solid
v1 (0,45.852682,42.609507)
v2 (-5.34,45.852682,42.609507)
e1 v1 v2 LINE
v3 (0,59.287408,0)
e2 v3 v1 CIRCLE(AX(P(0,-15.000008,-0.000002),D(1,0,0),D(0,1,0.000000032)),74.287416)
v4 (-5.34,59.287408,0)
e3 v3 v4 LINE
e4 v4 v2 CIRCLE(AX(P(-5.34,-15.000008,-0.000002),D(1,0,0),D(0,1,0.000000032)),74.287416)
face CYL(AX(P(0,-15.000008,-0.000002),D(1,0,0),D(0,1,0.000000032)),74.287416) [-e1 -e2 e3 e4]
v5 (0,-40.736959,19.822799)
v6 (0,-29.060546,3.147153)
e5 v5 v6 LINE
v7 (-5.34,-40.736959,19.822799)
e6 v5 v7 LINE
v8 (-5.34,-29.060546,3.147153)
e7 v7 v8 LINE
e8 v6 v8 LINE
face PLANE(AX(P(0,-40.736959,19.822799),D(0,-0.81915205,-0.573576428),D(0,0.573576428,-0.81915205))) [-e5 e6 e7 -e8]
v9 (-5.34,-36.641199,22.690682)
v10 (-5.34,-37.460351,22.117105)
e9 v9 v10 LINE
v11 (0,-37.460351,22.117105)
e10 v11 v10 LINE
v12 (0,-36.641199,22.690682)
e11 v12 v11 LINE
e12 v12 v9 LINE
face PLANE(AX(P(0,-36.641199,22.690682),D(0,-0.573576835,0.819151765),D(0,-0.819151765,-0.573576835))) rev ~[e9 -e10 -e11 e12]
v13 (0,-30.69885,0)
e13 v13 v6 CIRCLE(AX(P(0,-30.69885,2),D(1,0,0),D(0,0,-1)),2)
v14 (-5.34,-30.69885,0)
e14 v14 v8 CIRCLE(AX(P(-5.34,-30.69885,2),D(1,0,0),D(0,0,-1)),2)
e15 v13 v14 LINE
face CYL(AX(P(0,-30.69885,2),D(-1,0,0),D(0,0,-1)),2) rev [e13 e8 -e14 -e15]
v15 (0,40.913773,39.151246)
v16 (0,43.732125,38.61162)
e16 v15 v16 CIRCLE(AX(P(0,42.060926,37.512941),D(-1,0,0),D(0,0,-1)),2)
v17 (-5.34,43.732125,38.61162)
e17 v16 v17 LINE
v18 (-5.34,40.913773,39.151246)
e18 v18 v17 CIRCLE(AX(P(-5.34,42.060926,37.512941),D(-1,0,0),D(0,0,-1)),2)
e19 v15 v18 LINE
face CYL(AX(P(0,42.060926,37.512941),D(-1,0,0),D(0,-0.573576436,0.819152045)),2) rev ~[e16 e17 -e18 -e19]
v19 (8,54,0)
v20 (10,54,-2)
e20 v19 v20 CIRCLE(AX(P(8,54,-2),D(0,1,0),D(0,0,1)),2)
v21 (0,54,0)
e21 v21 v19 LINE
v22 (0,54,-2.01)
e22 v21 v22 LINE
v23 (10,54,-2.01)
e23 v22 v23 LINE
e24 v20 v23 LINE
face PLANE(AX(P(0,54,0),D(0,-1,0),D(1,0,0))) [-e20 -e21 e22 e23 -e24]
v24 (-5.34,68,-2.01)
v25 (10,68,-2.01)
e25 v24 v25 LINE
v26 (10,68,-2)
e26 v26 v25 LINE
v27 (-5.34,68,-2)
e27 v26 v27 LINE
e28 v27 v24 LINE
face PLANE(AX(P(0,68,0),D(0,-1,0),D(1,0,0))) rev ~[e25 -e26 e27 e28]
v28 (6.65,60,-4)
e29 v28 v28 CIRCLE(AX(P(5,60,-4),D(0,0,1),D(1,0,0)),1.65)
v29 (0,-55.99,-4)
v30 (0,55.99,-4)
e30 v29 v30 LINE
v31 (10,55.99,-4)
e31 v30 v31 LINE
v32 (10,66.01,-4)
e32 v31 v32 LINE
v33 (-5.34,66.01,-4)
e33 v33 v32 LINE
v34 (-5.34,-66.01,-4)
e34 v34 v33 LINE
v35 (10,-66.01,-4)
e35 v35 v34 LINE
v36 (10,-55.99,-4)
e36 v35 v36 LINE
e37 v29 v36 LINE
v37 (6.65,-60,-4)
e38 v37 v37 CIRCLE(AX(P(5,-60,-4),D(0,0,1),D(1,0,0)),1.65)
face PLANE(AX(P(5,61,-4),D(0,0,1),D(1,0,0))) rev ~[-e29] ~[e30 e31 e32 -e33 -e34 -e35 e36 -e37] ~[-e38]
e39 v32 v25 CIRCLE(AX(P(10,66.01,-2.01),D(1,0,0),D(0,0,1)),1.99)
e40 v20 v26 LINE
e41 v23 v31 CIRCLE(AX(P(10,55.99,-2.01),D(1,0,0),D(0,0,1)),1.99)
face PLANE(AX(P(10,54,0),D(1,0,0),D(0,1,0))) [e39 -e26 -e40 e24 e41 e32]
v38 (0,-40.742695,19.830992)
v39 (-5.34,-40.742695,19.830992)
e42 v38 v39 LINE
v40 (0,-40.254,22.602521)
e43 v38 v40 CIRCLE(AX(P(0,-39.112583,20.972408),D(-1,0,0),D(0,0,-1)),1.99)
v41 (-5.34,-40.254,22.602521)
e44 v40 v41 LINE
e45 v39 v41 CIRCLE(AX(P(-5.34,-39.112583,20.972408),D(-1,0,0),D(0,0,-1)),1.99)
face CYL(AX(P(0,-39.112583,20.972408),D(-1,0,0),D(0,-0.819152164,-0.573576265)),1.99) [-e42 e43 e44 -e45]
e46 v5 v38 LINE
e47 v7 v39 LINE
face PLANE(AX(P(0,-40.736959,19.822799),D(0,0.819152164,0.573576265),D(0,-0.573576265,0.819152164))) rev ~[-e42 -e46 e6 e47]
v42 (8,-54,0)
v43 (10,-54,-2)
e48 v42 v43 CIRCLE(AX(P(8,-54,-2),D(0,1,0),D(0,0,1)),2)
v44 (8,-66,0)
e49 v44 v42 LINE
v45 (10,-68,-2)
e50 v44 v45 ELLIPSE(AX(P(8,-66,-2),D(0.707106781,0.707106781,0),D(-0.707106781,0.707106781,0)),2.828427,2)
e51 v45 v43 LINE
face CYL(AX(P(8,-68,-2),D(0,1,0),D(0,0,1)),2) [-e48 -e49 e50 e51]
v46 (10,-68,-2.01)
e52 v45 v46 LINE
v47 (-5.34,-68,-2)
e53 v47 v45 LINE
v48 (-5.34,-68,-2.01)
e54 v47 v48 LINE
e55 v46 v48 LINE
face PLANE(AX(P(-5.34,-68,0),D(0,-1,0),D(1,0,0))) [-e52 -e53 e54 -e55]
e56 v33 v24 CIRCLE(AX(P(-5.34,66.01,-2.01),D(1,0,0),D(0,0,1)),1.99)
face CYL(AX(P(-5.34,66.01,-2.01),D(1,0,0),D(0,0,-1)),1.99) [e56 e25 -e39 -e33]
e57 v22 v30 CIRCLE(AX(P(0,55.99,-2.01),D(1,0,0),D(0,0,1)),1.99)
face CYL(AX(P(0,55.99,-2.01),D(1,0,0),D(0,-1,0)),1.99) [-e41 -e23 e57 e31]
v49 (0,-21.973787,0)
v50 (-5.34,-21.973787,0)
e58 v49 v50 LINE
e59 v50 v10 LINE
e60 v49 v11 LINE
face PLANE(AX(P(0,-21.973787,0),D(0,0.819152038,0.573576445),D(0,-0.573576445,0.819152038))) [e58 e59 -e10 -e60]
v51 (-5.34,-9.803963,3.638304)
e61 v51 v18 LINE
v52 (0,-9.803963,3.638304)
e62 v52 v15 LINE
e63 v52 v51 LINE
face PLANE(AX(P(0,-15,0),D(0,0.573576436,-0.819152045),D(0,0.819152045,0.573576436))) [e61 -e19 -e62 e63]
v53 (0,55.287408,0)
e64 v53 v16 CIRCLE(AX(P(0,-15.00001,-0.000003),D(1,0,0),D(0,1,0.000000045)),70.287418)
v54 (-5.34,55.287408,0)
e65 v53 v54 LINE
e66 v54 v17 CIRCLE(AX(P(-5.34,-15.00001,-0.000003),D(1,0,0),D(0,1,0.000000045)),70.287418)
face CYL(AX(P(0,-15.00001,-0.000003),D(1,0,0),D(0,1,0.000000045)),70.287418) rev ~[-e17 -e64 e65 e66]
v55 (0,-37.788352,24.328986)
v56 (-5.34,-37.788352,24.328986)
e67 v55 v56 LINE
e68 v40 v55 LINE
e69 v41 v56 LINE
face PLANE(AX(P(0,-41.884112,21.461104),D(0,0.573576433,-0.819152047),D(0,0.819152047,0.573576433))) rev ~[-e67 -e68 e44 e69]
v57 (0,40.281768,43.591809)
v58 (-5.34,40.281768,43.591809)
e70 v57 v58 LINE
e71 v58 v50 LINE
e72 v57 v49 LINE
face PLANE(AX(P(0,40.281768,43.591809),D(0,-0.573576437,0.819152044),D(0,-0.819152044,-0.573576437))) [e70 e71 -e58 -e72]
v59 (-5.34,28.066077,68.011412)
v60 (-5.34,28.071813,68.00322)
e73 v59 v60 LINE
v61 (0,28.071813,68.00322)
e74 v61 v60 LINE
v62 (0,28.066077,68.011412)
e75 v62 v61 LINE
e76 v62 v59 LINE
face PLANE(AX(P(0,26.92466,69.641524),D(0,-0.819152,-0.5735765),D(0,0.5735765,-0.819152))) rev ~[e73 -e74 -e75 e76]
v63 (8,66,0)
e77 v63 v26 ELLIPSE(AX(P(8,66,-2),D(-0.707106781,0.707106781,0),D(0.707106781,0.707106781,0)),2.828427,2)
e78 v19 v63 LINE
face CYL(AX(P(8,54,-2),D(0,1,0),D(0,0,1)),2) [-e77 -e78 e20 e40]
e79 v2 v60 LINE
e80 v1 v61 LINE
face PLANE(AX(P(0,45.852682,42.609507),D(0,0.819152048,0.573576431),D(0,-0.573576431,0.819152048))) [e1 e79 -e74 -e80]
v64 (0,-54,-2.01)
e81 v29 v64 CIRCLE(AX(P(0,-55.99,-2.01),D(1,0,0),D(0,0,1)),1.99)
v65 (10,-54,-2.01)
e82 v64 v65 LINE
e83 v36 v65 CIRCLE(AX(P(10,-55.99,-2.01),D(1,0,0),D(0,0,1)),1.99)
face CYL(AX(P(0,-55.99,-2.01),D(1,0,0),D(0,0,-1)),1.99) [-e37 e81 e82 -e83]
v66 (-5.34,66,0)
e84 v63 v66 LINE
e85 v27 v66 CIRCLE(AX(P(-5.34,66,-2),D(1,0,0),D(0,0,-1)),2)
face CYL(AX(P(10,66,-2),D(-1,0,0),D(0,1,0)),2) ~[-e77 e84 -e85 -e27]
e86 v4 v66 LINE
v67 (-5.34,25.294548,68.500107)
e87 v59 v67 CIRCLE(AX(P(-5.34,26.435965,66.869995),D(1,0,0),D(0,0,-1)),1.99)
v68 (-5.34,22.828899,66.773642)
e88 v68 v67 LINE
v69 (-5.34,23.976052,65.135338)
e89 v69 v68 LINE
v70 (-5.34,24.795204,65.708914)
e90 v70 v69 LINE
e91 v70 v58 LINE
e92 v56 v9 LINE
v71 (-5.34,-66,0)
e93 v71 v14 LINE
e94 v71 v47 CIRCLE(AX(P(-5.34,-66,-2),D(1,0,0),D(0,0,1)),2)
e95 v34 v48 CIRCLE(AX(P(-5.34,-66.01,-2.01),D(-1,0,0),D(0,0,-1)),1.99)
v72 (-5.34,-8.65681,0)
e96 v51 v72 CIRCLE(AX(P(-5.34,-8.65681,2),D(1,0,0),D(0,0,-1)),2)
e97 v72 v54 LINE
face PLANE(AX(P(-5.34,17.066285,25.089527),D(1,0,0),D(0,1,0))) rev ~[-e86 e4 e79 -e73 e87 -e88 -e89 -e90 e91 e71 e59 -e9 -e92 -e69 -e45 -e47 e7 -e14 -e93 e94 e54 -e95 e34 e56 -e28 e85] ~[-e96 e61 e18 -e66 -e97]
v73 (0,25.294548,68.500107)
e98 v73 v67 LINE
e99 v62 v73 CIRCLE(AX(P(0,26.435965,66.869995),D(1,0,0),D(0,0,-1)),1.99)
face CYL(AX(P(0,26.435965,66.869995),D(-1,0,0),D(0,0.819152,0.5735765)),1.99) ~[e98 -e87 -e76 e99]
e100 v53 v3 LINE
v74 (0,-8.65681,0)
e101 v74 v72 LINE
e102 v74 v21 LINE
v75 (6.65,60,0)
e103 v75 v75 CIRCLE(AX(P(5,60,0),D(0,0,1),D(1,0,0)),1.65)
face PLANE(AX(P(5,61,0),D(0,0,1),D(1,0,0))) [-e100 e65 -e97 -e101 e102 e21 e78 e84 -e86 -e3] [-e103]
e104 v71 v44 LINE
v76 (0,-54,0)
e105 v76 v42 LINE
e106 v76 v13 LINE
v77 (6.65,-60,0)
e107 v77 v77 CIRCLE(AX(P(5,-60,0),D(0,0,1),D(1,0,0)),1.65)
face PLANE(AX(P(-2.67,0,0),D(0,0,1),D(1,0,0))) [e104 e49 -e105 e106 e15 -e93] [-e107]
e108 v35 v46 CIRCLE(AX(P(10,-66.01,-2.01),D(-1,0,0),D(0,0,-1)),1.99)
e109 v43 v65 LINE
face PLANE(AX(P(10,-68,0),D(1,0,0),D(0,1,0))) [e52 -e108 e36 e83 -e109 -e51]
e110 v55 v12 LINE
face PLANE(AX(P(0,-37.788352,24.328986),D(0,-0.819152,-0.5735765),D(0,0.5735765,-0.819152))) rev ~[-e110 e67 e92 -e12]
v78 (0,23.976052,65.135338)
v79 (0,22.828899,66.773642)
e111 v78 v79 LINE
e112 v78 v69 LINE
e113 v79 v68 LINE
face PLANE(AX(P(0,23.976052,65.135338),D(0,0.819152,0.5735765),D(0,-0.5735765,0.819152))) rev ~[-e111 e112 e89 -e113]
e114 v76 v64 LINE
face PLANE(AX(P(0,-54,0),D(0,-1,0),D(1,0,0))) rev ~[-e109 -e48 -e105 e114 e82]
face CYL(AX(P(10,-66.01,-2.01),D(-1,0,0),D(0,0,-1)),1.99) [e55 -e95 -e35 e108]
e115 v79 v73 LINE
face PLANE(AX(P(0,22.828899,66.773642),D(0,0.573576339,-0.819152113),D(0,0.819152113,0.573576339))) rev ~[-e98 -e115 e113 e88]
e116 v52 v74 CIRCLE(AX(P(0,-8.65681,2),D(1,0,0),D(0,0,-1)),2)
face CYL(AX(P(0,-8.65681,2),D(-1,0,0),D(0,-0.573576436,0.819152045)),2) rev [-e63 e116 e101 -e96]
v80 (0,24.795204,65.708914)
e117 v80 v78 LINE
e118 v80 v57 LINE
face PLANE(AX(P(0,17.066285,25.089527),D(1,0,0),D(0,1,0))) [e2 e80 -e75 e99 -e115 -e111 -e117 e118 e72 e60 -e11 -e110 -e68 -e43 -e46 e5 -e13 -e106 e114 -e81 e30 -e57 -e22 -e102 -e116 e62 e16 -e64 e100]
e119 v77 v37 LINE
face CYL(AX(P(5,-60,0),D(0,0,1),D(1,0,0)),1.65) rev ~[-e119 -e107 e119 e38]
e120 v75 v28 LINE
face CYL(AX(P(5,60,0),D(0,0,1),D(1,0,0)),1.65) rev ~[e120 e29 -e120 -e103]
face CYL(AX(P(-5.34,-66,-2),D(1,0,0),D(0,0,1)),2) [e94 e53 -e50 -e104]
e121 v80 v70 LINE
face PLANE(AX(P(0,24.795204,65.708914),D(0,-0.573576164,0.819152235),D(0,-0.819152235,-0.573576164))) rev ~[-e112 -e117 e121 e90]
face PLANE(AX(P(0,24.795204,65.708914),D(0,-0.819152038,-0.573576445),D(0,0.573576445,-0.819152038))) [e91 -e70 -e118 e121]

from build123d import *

# Parameters (mm, degrees)
SKETCH_W     = 5.34
SKETCH_H     = 136
PAD_DEPTH    = 4
PAD001_DEPTH = 5.34
SKETCH002_W  = 10
SKETCH002_H  = 14
SKETCH002_R  = 1.65
PAD002_DEPTH = 4
FILLET_R     = 2
FILLET001_R  = 1.99


with BuildPart() as part:
    # Sketch → Pad (new body)
    with BuildSketch(Plane.XY):
        with Locations((-2.67, 0)):
            Rectangle(SKETCH_W, SKETCH_H)
    extrude(amount=-PAD_DEPTH)

    # Sketch001 → Pad001 (join)
    with BuildSketch(Plane.YZ):
        with BuildLine():
            ThreePointArc((59.287408, 0), (55.84916, 22.338654), (45.852682, 42.609507))
            Line((45.852682, 42.609507), (28.071813, 68.00322))
            Line((26.92466, 69.641524), (28.071813, 68.00322))
            Line((22.828899, 66.773642), (26.92466, 69.641524))
            Line((23.976052, 65.135338), (22.828899, 66.773642))
            Line((24.795204, 65.708914), (23.976052, 65.135338))
            Line((24.795204, 65.708914), (40.281768, 43.591809))
            Line((40.281768, 43.591809), (-21.973787, 0))
            Line((-21.973787, 0), (-37.460351, 22.117105))
            Line((-36.641199, 22.690682), (-37.460351, 22.117105))
            Line((-37.788352, 24.328986), (-36.641199, 22.690682))
            Line((-41.884112, 21.461104), (-37.788352, 24.328986))
            Line((-40.736959, 19.822799), (-41.884112, 21.461104))
            Line((-40.736959, 19.822799), (-26.856886, 0))
            Line((-26.856886, 0), (-26.856886, -1))
            Line((-26.856886, -1), (-15, -1))
            Line((-15, -1), (-15, 0))
            Line((-15, 0), (42.576074, 40.315201))
            ThreePointArc((55.287408, 0), (52.034292, 21.135831), (42.576074, 40.315201))
            Line((55.287408, 0), (59.287408, 0))
        make_face()
    extrude(amount=-PAD001_DEPTH)

    # Sketch002 → Pad002 (join)
    with BuildSketch(Plane.XY):
        with Locations((5, 61)):
            Rectangle(SKETCH002_W, SKETCH002_H)
        with Locations((5, 60)):
            Circle(SKETCH002_R, mode=Mode.SUBTRACT)
        with Locations((5, -61)):
            Rectangle(SKETCH002_W, SKETCH002_H)
        with Locations((5, -60)):
            Circle(SKETCH002_R, mode=Mode.SUBTRACT)
    extrude(amount=-PAD002_DEPTH)

    # Fillet
    fillet_edges = [part.edges().sort_by_distance(p)[0] for p in [
        (10, 61, 0),
        (10, -61, 0),
        (5, -68, 0),
        (5, 68, 0),
        (-2.67, -26.856886, 0),
        (-2.67, -15, 0),
        (-2.67, 42.576074, 40.315201),
    ]]
    fillet(fillet_edges, radius=FILLET_R)

    # Fillet001
    fillet001_edges = [part.edges().sort_by_distance(p)[0] for p in [
        (5, -68, -4),
        (5, 68, -4),
        (5, 54, -4),
        (5, -54, -4),
        (-2.67, -41.884112, 21.461104),
        (-2.67, 26.92466, 69.641524),
    ]]
    fillet(fillet001_edges, radius=FILLET001_R)


solid = part.part
